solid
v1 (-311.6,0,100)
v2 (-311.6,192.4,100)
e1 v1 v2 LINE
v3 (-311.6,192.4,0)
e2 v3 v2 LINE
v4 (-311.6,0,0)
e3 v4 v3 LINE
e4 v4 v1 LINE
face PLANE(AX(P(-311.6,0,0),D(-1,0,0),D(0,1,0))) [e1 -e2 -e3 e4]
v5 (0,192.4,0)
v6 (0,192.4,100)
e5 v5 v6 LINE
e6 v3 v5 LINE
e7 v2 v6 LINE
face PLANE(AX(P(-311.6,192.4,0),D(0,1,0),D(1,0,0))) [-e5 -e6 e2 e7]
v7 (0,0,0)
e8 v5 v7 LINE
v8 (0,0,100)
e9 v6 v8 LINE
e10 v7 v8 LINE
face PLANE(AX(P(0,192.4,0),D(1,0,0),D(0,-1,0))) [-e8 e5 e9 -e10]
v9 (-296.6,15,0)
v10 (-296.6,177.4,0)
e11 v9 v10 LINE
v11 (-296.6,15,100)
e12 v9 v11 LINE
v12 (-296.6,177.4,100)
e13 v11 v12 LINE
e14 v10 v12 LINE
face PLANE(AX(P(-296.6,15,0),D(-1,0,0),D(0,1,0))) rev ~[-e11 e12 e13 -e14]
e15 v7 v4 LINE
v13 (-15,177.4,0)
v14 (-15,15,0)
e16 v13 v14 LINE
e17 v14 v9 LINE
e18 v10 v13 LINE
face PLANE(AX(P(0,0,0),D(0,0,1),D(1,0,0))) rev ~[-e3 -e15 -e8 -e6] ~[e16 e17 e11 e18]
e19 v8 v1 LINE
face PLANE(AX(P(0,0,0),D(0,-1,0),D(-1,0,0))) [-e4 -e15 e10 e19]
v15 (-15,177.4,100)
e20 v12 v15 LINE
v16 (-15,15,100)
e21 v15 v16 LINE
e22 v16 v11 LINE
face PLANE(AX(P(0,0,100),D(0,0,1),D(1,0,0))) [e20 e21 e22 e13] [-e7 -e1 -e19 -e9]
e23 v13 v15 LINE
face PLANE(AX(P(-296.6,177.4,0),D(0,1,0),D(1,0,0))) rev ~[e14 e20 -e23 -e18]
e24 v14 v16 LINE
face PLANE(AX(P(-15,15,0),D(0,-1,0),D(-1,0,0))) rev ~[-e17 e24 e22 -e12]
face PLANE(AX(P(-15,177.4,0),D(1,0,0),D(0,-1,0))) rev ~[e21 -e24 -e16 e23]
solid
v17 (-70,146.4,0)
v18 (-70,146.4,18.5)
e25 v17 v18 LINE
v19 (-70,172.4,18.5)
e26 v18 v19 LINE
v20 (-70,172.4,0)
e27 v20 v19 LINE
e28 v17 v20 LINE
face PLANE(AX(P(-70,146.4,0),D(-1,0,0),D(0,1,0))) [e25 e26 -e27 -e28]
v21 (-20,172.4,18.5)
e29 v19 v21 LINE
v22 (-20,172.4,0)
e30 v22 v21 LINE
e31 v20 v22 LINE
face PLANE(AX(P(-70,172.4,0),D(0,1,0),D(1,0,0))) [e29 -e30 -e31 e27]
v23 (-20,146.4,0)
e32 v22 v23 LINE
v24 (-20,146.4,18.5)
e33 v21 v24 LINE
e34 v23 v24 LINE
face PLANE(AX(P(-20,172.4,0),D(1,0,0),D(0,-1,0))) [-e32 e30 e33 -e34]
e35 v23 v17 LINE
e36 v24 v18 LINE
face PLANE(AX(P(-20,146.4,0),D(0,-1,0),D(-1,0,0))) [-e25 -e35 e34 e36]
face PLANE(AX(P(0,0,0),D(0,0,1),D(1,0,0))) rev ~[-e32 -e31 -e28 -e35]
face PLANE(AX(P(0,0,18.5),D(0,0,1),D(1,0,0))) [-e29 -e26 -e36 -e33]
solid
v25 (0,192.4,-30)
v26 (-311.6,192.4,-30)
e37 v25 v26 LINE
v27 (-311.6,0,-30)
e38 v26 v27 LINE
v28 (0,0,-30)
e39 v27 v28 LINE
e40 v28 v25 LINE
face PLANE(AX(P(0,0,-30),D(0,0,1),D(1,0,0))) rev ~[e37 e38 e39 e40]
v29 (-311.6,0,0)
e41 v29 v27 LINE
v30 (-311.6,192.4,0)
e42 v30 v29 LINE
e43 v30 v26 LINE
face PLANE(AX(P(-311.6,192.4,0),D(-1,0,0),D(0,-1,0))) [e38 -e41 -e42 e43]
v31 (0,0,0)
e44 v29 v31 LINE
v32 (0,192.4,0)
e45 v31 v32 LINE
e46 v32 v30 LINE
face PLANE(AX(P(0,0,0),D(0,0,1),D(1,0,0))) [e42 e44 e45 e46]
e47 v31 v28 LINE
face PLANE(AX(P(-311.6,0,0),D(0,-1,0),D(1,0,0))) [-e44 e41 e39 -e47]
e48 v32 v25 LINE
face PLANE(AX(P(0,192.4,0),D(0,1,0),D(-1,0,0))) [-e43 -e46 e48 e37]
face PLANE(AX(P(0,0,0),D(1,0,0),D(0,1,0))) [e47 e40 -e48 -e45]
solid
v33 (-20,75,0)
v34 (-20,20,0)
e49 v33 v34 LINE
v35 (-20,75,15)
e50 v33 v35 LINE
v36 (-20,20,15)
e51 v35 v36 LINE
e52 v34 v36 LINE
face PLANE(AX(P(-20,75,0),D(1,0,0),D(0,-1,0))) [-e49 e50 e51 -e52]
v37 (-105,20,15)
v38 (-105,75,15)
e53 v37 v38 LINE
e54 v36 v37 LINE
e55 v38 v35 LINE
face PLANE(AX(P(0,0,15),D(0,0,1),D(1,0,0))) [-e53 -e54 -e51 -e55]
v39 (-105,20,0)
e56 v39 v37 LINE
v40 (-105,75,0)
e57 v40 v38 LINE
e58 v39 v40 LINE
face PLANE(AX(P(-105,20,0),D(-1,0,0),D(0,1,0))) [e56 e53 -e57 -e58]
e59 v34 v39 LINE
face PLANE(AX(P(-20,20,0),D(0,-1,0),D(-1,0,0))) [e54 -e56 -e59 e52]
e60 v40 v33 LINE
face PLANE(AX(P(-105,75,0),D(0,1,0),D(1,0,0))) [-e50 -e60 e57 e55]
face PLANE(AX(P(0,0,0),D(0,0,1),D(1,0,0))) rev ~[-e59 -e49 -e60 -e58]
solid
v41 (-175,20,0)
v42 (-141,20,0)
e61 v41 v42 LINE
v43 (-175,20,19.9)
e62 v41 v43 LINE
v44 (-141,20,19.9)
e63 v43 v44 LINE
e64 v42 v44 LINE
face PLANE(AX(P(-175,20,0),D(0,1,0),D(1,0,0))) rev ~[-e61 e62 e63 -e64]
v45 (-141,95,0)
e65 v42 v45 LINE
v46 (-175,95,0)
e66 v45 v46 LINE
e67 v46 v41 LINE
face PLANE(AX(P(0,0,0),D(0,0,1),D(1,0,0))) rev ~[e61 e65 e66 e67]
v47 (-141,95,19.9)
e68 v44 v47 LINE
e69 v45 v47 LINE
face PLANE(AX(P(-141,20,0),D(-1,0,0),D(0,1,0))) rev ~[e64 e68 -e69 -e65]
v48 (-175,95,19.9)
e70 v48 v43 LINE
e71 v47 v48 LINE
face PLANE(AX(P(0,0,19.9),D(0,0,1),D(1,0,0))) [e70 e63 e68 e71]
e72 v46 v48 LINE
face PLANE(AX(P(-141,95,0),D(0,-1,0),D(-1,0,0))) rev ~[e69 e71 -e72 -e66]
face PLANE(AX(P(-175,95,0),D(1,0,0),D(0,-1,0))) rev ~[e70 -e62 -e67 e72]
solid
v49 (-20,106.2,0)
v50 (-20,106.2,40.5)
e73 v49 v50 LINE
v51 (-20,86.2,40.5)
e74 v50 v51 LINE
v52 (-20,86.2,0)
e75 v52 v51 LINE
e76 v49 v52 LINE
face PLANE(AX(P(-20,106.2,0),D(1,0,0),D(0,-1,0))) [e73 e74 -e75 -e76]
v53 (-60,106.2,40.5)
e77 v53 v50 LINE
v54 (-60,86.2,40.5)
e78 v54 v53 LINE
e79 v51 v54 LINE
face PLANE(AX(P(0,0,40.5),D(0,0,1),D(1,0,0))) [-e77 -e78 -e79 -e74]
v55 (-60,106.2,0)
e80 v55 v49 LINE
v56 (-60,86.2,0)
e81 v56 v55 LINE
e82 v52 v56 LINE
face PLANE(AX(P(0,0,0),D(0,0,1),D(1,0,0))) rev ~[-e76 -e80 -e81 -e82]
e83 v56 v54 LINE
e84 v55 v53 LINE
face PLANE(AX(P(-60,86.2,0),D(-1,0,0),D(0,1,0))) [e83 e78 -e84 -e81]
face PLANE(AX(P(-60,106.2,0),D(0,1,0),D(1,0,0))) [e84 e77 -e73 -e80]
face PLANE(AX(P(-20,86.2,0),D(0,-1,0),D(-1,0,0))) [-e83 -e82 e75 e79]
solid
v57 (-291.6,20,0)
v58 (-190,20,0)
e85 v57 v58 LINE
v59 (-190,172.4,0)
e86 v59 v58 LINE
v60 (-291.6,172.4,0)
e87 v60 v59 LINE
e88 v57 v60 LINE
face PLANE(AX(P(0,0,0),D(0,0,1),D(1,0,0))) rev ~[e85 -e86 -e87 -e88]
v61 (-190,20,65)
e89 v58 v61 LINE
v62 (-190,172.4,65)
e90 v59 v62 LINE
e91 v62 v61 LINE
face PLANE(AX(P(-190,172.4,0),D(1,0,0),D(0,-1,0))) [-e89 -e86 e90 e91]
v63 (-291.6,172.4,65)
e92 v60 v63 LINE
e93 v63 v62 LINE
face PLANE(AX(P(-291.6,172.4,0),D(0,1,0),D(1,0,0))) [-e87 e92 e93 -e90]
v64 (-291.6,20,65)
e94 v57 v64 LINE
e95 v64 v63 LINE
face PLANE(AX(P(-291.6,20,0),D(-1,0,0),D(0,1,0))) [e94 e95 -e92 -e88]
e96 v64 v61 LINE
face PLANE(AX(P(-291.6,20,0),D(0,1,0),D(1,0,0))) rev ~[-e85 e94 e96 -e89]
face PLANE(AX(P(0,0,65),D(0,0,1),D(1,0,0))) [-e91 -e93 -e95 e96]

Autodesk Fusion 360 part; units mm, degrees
sketch "parts" plane through (0, 0, 0) normal (0, 0, 1) x (1, 0, 0)
  line L0 (-291.6, 172.4) -> (-190, 172.4)
  line L1 (-190, 172.4) -> (-190, 20)
  line L2 (-291.6, 20) -> (-291.6, 172.4)
  line L3 (-60, 106.2) -> (-20, 106.2)
  line L4 (-20, 106.2) -> (-20, 86.2)
  line L5 (-20, 86.2) -> (-60, 86.2)
  line L6 (-60, 86.2) -> (-60, 106.2)
  line L7 (-70, 172.4) -> (-20, 172.4)
  line L8 (-20, 172.4) -> (-20, 146.4)
  line L9 (-20, 146.4) -> (-70, 146.4)
  line L10 (-70, 146.4) -> (-70, 172.4)
  line L11 (-296.6, 177.4) -> (-15, 177.4)
  line L12 (-15, 177.4) -> (-15, 15)
  line L13 (-15, 15) -> (-296.6, 15)
  line L14 (-296.6, 15) -> (-296.6, 177.4)
  line L15 (-311.6, 192.4) -> (0, 192.4)
  line L16 (0, 192.4) -> (0, 0)
  line L17 (0, 0) -> (-311.6, 0)
  line L18 (-311.6, 0) -> (-311.6, 192.4)
  line L19 (-175, 20) -> (-141, 20)
  line L20 (-141, 20) -> (-141, 95)
  line L21 (-141, 95) -> (-175, 95)
  line L22 (-175, 95) -> (-175, 20)
  line L23 (-105, 75) -> (-20, 75)
  line L24 (-20, 75) -> (-20, 20)
  line L25 (-20, 20) -> (-105, 20)
  line L26 (-105, 20) -> (-105, 75)
  line L27 (-291.6, 20) -> (-190, 20)
  dimension "d75" = 152.4
  dimension "d76" = 101.6
  dimension "d77" = 34
  dimension "d78" = 75
  dimension "d79" = 55
  dimension "d80" = 85
  dimension "d81" = 40
  dimension "d82" = 20
  dimension "d83" = 26
  dimension "d84" = 50
  dimension "d85" = 281.6
  dimension "d86" = 162.4
  dimension "d87" = 192.4
  dimension "d88" = 311.6
  dimension "d89" = 5
  dimension "d90" = 5
  dimension "d91" = 5
  dimension "d92" = 15
  dimension "d93" = 5
  dimension "d94" = 5
  dimension "d95" = 5
  dimension "d96" = 5
  dimension "d97" = 71.2
  dimension "d98" = 15
  dimension "d99" = 15
extrude "Extrude5" add sketch "parts" along normal blind 65 contours L0 L1 L2 L27 makes body 1
extrude "Extrude6" add sketch "parts" along normal blind 19.9 separate body contours L19 L20 L21 L22 makes body 2
extrude "Extrude7" add sketch "parts" along normal blind 40.5 separate body contours L3 L4 L5 L6 makes body 3
extrude "Extrude8" add sketch "parts" along normal blind 18.5 separate body contours L7 L8 L9 L10 makes body 4
extrude "Extrude9" add sketch "parts" along normal blind 100 separate body contours L15 L16 L17 L18 makes body 5
sketch "base" plane through (0, 0, 0) normal (0, 0, 1) x (1, 0, 0)
  line L0 (-311.6, 0) -> (0, 0)
  line L1 (0, 0) -> (0, 192.4)
  line L2 (0, 192.4) -> (-311.6, 192.4)
  line L3 (-311.6, 192.4) -> (-311.6, 0)
  point P0 (-311.6, 0)
  point P1 (0, 192.4)
extrude "Extrude10" add sketch "base" against normal blind 30 separate body makes body 6
sketch "ports" plane through (0, 0, 0) normal (1, 0, 0) x (0, 1, 0)
  line L0 (0, 0) -> (192.4, 0)
  line L1 (192.4, 0) -> (192.4, 100)
  line L2 (192.4, 100) -> (0, 100)
  line L3 (0, 100) -> (0, 0)
extrude "Extrude11" add sketch "parts" along normal blind 15 separate body contours L23 L24 L25 L26 makes body 7
